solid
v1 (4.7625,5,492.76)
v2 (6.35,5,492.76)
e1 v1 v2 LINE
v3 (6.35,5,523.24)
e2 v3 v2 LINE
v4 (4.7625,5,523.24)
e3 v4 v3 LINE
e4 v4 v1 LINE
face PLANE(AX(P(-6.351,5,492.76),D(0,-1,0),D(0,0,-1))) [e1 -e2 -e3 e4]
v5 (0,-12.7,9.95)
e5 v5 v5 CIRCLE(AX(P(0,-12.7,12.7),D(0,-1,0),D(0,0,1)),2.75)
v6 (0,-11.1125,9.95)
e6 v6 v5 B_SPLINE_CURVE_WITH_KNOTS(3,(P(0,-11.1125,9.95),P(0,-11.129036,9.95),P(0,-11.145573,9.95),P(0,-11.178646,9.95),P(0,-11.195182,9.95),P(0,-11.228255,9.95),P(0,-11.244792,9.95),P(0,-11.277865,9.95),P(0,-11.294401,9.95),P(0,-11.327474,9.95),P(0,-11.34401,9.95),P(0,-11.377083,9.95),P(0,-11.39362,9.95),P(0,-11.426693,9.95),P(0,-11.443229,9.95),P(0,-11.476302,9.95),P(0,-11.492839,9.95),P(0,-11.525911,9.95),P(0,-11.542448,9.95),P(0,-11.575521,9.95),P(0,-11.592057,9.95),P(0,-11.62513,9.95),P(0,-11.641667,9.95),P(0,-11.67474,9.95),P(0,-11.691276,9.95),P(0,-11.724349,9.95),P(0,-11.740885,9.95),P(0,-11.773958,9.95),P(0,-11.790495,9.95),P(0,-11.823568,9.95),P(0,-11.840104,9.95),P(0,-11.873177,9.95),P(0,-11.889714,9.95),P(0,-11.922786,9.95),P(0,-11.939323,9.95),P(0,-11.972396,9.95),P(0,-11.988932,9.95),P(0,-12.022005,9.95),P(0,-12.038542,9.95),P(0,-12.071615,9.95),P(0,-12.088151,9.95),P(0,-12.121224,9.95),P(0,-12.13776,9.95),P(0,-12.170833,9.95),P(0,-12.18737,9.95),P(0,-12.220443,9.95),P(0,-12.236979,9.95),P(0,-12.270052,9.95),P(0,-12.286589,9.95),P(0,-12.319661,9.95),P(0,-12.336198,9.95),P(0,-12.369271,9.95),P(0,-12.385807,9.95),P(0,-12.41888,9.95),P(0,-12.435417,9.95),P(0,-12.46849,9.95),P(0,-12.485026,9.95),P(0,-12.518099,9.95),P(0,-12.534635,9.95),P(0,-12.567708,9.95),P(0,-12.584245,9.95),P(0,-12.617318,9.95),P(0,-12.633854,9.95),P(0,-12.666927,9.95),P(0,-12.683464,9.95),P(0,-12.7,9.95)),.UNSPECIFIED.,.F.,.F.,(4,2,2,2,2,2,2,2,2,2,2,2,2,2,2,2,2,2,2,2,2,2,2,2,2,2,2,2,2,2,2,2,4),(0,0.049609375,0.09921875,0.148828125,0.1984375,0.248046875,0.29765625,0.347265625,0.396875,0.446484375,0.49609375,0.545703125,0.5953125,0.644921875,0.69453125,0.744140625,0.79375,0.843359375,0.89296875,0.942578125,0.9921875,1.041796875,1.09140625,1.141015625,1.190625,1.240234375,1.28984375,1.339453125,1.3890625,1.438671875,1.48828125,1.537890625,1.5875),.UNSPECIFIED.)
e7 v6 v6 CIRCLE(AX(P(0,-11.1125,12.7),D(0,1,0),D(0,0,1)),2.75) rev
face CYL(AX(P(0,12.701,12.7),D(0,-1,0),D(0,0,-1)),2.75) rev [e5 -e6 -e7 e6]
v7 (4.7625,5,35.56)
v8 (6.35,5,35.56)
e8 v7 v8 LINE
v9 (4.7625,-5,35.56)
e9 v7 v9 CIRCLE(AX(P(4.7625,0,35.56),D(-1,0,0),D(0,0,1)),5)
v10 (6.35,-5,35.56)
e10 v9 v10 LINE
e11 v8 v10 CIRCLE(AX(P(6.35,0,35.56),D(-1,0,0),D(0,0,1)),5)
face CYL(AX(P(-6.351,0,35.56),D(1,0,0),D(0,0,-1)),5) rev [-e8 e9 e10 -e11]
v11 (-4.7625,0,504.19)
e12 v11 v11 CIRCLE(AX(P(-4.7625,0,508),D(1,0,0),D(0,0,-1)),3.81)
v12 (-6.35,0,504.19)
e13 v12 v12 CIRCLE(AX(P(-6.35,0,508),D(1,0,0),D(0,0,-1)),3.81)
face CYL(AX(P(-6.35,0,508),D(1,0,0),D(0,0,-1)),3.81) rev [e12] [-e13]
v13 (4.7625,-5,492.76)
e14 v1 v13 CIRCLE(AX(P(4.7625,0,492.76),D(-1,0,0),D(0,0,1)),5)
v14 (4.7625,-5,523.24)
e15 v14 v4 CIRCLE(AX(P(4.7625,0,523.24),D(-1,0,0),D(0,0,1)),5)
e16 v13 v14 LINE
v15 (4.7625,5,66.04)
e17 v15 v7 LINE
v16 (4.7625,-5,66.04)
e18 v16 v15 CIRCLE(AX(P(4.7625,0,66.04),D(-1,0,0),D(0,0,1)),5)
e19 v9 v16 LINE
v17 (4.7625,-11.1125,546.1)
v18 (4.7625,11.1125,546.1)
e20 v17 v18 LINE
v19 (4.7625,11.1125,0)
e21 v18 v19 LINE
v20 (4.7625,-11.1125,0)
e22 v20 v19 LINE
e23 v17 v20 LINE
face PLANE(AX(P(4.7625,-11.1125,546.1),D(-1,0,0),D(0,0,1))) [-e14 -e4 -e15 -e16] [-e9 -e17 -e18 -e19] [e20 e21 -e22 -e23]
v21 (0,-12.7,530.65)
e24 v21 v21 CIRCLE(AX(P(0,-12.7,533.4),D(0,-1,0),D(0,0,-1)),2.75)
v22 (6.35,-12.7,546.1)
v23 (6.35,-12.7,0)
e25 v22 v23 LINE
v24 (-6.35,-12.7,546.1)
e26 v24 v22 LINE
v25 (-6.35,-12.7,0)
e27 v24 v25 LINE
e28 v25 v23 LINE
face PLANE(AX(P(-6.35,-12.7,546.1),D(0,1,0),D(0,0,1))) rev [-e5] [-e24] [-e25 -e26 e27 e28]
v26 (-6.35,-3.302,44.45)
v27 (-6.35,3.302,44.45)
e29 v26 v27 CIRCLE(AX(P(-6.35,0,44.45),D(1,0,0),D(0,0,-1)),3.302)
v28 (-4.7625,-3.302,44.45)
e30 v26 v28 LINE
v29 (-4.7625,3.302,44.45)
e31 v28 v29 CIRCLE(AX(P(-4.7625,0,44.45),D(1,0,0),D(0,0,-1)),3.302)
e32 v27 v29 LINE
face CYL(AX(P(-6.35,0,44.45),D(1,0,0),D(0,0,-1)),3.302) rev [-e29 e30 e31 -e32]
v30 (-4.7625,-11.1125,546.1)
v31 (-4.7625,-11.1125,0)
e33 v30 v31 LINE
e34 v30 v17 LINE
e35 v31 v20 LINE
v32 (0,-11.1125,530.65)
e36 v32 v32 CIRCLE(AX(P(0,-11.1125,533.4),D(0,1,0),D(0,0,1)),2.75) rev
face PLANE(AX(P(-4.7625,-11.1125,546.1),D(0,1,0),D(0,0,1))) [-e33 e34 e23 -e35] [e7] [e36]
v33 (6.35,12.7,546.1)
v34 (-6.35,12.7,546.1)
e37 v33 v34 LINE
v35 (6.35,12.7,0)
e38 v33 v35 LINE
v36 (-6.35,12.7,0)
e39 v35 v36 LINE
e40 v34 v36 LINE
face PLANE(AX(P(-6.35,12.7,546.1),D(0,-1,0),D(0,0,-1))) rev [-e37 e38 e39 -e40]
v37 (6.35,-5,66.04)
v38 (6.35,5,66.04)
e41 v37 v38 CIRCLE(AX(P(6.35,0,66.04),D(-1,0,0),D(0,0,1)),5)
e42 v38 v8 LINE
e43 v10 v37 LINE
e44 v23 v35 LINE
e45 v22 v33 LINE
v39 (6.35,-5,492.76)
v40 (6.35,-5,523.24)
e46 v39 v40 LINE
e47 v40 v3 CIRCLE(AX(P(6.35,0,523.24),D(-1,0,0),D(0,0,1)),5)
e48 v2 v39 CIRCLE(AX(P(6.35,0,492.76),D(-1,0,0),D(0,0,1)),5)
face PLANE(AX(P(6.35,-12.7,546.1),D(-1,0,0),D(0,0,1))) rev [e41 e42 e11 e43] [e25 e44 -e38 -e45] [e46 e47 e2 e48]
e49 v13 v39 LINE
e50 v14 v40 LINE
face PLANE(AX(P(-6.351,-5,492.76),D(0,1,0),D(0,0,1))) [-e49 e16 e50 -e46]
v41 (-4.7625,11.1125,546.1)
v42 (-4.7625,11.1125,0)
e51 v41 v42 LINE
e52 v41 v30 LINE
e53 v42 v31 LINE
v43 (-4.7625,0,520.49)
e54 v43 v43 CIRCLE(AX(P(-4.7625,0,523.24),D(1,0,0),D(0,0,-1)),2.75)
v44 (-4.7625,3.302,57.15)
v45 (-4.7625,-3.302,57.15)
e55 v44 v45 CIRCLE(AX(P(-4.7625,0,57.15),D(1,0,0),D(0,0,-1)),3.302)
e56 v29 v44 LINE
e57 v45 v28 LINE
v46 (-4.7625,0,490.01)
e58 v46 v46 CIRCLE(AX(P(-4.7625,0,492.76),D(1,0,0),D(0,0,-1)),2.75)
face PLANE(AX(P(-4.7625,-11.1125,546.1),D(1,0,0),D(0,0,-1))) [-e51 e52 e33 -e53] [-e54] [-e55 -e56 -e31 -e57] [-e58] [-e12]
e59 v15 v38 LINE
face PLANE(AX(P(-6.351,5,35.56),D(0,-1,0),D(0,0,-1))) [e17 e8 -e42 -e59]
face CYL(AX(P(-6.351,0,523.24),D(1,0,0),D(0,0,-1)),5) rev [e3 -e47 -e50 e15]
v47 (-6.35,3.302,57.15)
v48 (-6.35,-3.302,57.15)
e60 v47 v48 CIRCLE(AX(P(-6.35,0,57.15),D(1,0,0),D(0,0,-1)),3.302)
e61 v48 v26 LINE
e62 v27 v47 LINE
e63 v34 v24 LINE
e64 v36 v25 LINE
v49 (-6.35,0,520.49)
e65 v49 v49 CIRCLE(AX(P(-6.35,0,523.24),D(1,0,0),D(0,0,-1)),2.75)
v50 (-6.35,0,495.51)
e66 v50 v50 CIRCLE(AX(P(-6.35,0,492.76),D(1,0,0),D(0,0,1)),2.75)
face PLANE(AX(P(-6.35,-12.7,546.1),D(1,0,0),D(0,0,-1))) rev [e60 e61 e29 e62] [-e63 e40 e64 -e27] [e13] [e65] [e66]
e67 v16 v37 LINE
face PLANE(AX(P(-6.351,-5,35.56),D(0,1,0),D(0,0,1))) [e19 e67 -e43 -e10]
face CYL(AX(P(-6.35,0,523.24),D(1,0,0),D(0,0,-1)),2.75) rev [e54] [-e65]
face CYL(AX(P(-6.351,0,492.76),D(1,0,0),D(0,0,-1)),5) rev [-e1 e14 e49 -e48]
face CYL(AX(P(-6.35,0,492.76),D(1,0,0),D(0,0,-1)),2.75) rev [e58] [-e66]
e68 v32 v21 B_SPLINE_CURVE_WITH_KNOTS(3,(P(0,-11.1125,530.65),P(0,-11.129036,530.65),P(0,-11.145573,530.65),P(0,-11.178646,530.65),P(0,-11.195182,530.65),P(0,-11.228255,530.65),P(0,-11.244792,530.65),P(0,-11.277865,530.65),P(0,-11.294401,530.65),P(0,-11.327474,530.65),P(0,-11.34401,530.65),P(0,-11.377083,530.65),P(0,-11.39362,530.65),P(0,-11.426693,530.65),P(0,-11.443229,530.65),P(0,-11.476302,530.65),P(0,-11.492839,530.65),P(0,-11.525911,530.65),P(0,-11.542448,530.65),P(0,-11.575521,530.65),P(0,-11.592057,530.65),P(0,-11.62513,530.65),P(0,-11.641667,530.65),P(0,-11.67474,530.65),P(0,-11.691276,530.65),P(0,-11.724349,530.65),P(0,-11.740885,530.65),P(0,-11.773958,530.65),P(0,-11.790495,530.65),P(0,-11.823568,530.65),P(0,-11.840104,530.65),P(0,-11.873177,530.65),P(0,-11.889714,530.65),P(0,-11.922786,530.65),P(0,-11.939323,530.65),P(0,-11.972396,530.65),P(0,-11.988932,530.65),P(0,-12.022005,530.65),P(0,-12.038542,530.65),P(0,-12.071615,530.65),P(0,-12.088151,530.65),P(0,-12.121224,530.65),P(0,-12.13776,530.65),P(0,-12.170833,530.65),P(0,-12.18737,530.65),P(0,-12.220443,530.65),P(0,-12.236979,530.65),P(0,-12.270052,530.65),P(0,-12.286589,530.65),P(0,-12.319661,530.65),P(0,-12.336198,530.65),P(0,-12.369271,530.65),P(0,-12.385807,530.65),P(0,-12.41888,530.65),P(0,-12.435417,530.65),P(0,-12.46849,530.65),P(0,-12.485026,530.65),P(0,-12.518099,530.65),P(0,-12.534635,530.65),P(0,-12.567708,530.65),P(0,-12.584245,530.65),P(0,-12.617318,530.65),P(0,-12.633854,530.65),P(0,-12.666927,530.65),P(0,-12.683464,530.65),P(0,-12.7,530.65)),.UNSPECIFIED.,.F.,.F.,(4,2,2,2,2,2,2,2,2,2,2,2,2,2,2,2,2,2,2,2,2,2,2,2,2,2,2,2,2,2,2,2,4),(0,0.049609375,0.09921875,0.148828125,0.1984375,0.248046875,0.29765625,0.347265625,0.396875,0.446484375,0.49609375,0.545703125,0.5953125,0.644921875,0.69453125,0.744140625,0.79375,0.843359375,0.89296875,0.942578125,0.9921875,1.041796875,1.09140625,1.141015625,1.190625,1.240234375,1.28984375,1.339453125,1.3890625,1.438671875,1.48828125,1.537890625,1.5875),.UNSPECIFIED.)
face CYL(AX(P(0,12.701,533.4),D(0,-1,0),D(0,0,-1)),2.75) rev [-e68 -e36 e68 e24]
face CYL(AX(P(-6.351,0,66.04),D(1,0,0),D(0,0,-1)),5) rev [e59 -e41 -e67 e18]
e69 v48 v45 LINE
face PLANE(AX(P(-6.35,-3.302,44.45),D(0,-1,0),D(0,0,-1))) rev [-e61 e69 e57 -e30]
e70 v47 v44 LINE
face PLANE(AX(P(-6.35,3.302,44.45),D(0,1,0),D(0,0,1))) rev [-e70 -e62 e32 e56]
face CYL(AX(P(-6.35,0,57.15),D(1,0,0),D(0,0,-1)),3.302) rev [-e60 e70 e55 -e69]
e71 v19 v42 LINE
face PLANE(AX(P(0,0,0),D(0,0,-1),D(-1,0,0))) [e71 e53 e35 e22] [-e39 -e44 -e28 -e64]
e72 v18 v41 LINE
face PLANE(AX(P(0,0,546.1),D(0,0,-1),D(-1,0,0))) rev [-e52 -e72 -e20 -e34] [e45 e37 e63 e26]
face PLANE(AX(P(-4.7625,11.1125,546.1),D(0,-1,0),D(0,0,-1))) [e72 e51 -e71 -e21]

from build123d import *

# Parameters (mm, degrees)
SKETCH1_W           = 12.7
SKETCH1_H           = 25.4
SKETCH1_W_2         = 9.525
SKETCH1_H_2         = 22.225
BOSS_EXTRUDE1_DEPTH = 546.1
SKETCH2_R           = 3.81
SKETCH2_R_2         = 2.75
CUT_EXTRUDE1_DEPTH  = 547.395269013
CUT_EXTRUDE3_REACH  = 548.395
CUT_EXTRUDE5_REACH  = 548.727
SKETCH5_R           = 2.75


with BuildPart() as part:
    # Sketch1 → Boss-Extrude1 (new body)
    with BuildSketch(Plane.XY):
        Rectangle(SKETCH1_W, SKETCH1_H)
        Rectangle(SKETCH1_W_2, SKETCH1_H_2, mode=Mode.SUBTRACT)
    extrude(amount=BOSS_EXTRUDE1_DEPTH)

    # Sketch2 → Cut-Extrude1 (cut, through all)
    with BuildSketch(Plane(origin=(6.35, 0, 0), x_dir=(0, 0, -1), z_dir=(1, 0, 0))):
        with Locations((-508, 0)):
            Circle(SKETCH2_R)
        with Locations((-523.24, 0)):
            Circle(SKETCH2_R_2)
        with Locations((-492.76, 0)):
            Circle(SKETCH2_R_2)
        with BuildLine():
            Line((-44.45, -3.302), (-57.15, -3.302))
            ThreePointArc((-57.15, -3.302), (-60.452, 0), (-57.15, 3.302))
            Line((-57.15, 3.302), (-44.45, 3.302))
            ThreePointArc((-44.45, 3.302), (-41.148, 0), (-44.45, -3.302))
        make_face()
    extrude(amount=-CUT_EXTRUDE1_DEPTH, mode=Mode.SUBTRACT)

    # Sketch4 → Cut-Extrude3 (cut, up to next)
    with BuildSketch(Plane.ZY.offset(-6.35), mode=Mode.PRIVATE) as cut_extrude3_sk1:
        with BuildLine():
            Line((35.56, 5), (66.04, 5))
            ThreePointArc((66.04, 5), (71.04, 0), (66.04, -5))
            Line((66.04, -5), (35.56, -5))
            ThreePointArc((35.56, -5), (30.56, 0), (35.56, 5))
        make_face()
    cut_extrude3_tool1 = extrude(cut_extrude3_sk1.sketch, amount=CUT_EXTRUDE3_REACH, mode=Mode.PRIVATE) & part.part
    # Sketch4 → Cut-Extrude3 (cut, up to next)
    with BuildSketch(Plane.ZY.offset(-6.35), mode=Mode.PRIVATE) as cut_extrude3_sk2:
        with BuildLine():
            Line((492.76, 5), (523.24, 5))
            ThreePointArc((523.24, 5), (528.24, 0), (523.24, -5))
            Line((523.24, -5), (492.76, -5))
            ThreePointArc((492.76, -5), (487.76, 0), (492.76, 5))
        make_face()
    cut_extrude3_tool2 = extrude(cut_extrude3_sk2.sketch, amount=CUT_EXTRUDE3_REACH, mode=Mode.PRIVATE) & part.part
    add(cut_extrude3_tool1.solids().sort_by_distance((6.35, 0, 50.8))[0], mode=Mode.SUBTRACT)
    add(cut_extrude3_tool2.solids().sort_by_distance((6.35, 0, 508))[0], mode=Mode.SUBTRACT)

    # Sketch5 → Cut-Extrude5 (cut, up to next)
    with BuildSketch(Plane.XZ.offset(12.7), mode=Mode.PRIVATE) as cut_extrude5_sk1:
        with Locations(Location((0, 533.4, 0), (0, 0, 270))):
            Circle(SKETCH5_R)
    cut_extrude5_tool1 = extrude(cut_extrude5_sk1.sketch, amount=-CUT_EXTRUDE5_REACH, mode=Mode.PRIVATE) & part.part
    # Sketch5 → Cut-Extrude5 (cut, up to next)
    with BuildSketch(Plane.XZ.offset(12.7), mode=Mode.PRIVATE) as cut_extrude5_sk2:
        with Locations(Location((0, 12.7, 0), (0, 0, 270))):
            Circle(SKETCH5_R)
    cut_extrude5_tool2 = extrude(cut_extrude5_sk2.sketch, amount=-CUT_EXTRUDE5_REACH, mode=Mode.PRIVATE) & part.part
    add(cut_extrude5_tool1.solids().sort_by_distance((0, -12.7, 533.4))[0], mode=Mode.SUBTRACT)
    add(cut_extrude5_tool2.solids().sort_by_distance((0, -12.7, 12.7))[0], mode=Mode.SUBTRACT)


solid = part.part
